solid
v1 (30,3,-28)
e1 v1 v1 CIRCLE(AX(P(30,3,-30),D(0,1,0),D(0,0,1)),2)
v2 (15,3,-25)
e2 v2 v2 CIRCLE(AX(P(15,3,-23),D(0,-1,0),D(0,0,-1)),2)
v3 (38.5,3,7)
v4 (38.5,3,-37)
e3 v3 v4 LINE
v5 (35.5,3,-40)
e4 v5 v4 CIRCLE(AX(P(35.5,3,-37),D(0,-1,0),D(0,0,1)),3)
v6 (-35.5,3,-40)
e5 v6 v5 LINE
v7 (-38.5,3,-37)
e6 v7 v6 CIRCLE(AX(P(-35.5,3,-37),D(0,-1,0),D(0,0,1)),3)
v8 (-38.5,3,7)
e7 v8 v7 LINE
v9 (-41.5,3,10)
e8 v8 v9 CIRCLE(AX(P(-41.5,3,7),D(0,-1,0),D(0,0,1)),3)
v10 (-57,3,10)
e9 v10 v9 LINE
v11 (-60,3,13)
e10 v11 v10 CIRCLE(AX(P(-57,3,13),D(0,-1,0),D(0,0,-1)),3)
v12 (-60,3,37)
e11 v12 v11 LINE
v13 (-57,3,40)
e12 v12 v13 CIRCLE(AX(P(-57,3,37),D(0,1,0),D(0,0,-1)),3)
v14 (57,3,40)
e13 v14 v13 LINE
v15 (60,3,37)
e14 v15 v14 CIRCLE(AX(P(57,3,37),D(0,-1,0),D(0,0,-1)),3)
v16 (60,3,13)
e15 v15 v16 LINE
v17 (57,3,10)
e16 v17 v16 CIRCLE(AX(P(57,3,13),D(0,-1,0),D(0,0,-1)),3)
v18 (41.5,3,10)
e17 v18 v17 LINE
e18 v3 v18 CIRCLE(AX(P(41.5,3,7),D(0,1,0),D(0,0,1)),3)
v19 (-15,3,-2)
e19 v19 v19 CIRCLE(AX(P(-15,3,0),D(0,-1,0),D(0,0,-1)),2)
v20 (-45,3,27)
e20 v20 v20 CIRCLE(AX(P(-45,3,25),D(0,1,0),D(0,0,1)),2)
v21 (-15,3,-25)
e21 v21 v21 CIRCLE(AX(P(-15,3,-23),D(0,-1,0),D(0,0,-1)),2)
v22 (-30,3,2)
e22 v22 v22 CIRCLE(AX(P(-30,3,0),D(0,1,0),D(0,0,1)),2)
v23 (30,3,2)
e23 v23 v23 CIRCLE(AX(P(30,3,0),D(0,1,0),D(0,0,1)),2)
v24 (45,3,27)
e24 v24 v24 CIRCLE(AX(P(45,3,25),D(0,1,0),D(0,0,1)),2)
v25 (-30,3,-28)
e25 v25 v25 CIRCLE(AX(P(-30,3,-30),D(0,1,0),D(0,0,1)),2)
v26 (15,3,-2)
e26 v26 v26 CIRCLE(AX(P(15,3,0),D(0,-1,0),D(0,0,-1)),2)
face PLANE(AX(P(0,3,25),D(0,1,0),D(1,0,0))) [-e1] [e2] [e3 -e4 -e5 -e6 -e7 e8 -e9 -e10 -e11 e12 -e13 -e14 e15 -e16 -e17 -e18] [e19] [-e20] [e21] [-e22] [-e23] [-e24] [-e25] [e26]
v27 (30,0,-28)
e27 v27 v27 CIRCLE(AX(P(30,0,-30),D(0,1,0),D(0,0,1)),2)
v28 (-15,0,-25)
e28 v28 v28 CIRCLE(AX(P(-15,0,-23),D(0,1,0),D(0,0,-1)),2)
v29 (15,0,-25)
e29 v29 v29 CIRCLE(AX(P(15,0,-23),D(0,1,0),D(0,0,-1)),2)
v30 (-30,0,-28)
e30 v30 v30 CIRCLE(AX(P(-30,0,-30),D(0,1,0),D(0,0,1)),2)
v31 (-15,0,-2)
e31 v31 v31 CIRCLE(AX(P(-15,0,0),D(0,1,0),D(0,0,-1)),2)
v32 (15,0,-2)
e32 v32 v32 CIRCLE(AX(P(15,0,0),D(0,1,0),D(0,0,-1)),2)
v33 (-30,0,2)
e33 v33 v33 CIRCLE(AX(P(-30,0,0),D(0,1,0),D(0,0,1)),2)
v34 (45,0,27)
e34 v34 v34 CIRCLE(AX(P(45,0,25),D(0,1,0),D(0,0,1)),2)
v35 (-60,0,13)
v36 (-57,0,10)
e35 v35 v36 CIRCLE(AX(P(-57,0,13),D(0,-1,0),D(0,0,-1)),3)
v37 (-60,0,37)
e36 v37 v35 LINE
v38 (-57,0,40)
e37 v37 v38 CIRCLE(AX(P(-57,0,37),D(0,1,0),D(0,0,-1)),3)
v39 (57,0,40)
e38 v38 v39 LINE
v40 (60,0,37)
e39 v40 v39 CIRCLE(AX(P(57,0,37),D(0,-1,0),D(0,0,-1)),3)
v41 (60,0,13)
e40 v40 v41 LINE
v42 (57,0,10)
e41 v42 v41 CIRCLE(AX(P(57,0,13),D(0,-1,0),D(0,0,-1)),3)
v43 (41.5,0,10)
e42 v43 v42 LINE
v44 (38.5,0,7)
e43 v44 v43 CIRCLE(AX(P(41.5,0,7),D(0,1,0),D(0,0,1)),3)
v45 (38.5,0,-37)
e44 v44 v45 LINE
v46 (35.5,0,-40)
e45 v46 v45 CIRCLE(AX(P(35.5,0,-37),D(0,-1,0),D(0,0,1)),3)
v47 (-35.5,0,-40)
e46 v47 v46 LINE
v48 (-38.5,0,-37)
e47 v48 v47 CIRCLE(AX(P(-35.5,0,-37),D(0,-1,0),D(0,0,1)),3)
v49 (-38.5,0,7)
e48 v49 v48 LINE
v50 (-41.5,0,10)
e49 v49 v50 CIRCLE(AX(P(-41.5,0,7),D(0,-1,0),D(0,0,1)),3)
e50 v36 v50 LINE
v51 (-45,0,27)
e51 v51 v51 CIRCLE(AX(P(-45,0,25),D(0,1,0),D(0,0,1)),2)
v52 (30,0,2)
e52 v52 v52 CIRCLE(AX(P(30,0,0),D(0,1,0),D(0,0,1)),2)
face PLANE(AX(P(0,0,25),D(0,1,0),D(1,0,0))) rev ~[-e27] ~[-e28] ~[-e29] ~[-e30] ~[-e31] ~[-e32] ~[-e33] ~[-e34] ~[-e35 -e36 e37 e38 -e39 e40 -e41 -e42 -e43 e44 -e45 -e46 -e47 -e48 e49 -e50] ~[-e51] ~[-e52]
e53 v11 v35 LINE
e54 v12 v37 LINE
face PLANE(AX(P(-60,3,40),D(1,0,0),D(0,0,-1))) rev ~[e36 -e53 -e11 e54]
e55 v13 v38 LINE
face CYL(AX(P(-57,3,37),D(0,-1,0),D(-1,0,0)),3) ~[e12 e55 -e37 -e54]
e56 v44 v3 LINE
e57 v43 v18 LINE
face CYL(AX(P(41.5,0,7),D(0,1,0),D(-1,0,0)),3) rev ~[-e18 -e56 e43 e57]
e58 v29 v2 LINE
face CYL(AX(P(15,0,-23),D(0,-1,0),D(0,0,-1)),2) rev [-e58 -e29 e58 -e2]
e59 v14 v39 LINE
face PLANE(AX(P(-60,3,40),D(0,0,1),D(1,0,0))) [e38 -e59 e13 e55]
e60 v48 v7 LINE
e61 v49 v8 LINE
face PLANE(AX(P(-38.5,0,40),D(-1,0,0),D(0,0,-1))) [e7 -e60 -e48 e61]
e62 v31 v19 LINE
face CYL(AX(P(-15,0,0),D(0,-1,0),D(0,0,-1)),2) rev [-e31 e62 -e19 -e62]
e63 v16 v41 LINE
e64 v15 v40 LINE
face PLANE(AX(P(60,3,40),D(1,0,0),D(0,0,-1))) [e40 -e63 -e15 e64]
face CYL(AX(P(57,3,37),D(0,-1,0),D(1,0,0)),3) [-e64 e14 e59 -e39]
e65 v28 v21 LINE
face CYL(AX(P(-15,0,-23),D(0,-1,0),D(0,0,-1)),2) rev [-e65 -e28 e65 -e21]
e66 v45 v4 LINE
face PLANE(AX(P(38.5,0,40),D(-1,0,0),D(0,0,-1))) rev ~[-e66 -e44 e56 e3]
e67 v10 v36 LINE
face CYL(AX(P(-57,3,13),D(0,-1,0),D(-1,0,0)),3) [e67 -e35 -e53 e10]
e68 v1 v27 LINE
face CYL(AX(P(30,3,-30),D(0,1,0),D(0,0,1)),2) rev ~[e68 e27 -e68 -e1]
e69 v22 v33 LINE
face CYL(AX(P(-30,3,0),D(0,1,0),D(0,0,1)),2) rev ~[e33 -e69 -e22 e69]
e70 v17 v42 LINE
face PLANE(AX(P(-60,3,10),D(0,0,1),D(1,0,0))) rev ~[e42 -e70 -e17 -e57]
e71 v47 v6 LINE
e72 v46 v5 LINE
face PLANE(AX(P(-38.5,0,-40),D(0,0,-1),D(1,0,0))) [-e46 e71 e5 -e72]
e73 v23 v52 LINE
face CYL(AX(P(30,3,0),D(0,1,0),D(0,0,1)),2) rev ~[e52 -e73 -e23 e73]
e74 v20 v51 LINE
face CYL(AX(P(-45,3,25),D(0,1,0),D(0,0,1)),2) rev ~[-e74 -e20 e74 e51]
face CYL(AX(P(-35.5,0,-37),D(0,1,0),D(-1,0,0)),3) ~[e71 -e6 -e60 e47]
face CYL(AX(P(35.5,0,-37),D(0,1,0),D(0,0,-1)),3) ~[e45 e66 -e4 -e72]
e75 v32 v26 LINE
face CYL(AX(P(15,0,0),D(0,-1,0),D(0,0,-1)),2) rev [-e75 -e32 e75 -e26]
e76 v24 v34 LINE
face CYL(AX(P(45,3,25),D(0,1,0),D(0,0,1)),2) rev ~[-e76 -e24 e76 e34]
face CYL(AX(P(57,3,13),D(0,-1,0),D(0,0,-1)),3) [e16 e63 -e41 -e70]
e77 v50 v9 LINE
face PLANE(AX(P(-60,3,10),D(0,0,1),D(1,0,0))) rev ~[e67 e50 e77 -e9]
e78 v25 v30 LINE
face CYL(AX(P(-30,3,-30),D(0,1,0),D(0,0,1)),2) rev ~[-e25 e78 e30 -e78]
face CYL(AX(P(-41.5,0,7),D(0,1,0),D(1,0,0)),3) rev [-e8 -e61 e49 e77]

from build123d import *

# Parameters (mm, degrees)
SZKIC1_W                    = 77
SZKIC1_H                    = 80
DODANIE_WYCI_GNI_CIE1_DEPTH = 3
WYTNIJ_WYCI_GNI_CIE1_REACH  = 57.599
SZKIC2_R                    = 2.5
SZKIC2_R_2                  = 2
ZAOKR_GLENIE1_R             = 3
ZAOKR_GLENIE2_R             = 3
WYTNIJ_WYCI_GNI_CIE3_REACH  = 57.599
SZKIC3_R                    = 2
SZKIC5_W                    = 120
SZKIC5_H                    = 30
DODANIE_WYCI_GNI_CIE2_DEPTH = 3
ZAOKR_GLENIE4_R             = 3
WYTNIJ_WYCI_GNI_CIE4_REACH  = 74.173
SZKIC6_R                    = 2


with BuildPart() as part:
    # Szkic1 → Dodanie-wyciągnięcie1 (new body)
    with BuildSketch(Plane(origin=(0, 0, 0), x_dir=(1, 0, 0), z_dir=(0, 1, 0))):
        Rectangle(SZKIC1_W, SZKIC1_H)
    extrude(amount=DODANIE_WYCI_GNI_CIE1_DEPTH)

    # Szkic2 → Wytnij-wyciągnięcie1 (cut, up to next)
    with BuildSketch(Plane(origin=(0, 3, 0), x_dir=(1, 0, 0), z_dir=(0, 1, 0)), mode=Mode.PRIVATE) as wytnij_wyci_gni_cie1_sk1:
        with Locations(Location((-23.5, -25, 0), (0, 0, 270))):
            Circle(SZKIC2_R)
    wytnij_wyci_gni_cie1_tool1 = extrude(wytnij_wyci_gni_cie1_sk1.sketch, amount=-WYTNIJ_WYCI_GNI_CIE1_REACH, mode=Mode.PRIVATE) & part.part
    # Szkic2 → Wytnij-wyciągnięcie1 (cut, up to next)
    with BuildSketch(Plane(origin=(0, 3, 0), x_dir=(1, 0, 0), z_dir=(0, 1, 0)), mode=Mode.PRIVATE) as wytnij_wyci_gni_cie1_sk2:
        with Locations(Location((23.5, -25, 0), (0, 0, 270))):
            Circle(SZKIC2_R)
    wytnij_wyci_gni_cie1_tool2 = extrude(wytnij_wyci_gni_cie1_sk2.sketch, amount=-WYTNIJ_WYCI_GNI_CIE1_REACH, mode=Mode.PRIVATE) & part.part
    # Szkic2 → Wytnij-wyciągnięcie1 (cut, up to next)
    with BuildSketch(Plane(origin=(0, 3, 0), x_dir=(1, 0, 0), z_dir=(0, 1, 0)), mode=Mode.PRIVATE) as wytnij_wyci_gni_cie1_sk3:
        with Locations(Location((-30, 30, 0), (0, 0, 270))):
            Circle(SZKIC2_R_2)
    wytnij_wyci_gni_cie1_tool3 = extrude(wytnij_wyci_gni_cie1_sk3.sketch, amount=-WYTNIJ_WYCI_GNI_CIE1_REACH, mode=Mode.PRIVATE) & part.part
    # Szkic2 → Wytnij-wyciągnięcie1 (cut, up to next)
    with BuildSketch(Plane(origin=(0, 3, 0), x_dir=(1, 0, 0), z_dir=(0, 1, 0)), mode=Mode.PRIVATE) as wytnij_wyci_gni_cie1_sk4:
        with Locations(Location((-30, 0, 0), (0, 0, 270))):
            Circle(SZKIC2_R_2)
    wytnij_wyci_gni_cie1_tool4 = extrude(wytnij_wyci_gni_cie1_sk4.sketch, amount=-WYTNIJ_WYCI_GNI_CIE1_REACH, mode=Mode.PRIVATE) & part.part
    # Szkic2 → Wytnij-wyciągnięcie1 (cut, up to next)
    with BuildSketch(Plane(origin=(0, 3, 0), x_dir=(1, 0, 0), z_dir=(0, 1, 0)), mode=Mode.PRIVATE) as wytnij_wyci_gni_cie1_sk5:
        with Locations(Location((30, 0, 0), (0, 0, 270))):
            Circle(SZKIC2_R_2)
    wytnij_wyci_gni_cie1_tool5 = extrude(wytnij_wyci_gni_cie1_sk5.sketch, amount=-WYTNIJ_WYCI_GNI_CIE1_REACH, mode=Mode.PRIVATE) & part.part
    # Szkic2 → Wytnij-wyciągnięcie1 (cut, up to next)
    with BuildSketch(Plane(origin=(0, 3, 0), x_dir=(1, 0, 0), z_dir=(0, 1, 0)), mode=Mode.PRIVATE) as wytnij_wyci_gni_cie1_sk6:
        with Locations(Location((30, 30, 0), (0, 0, 270))):
            Circle(SZKIC2_R_2)
    wytnij_wyci_gni_cie1_tool6 = extrude(wytnij_wyci_gni_cie1_sk6.sketch, amount=-WYTNIJ_WYCI_GNI_CIE1_REACH, mode=Mode.PRIVATE) & part.part
    add(wytnij_wyci_gni_cie1_tool1.solids().sort_by_distance((-23.5, 3, 25))[0], mode=Mode.SUBTRACT)
    add(wytnij_wyci_gni_cie1_tool2.solids().sort_by_distance((23.5, 3, 25))[0], mode=Mode.SUBTRACT)
    add(wytnij_wyci_gni_cie1_tool3.solids().sort_by_distance((-30, 3, -30))[0], mode=Mode.SUBTRACT)
    add(wytnij_wyci_gni_cie1_tool4.solids().sort_by_distance((-30, 3, 0))[0], mode=Mode.SUBTRACT)
    add(wytnij_wyci_gni_cie1_tool5.solids().sort_by_distance((30, 3, 0))[0], mode=Mode.SUBTRACT)
    add(wytnij_wyci_gni_cie1_tool6.solids().sort_by_distance((30, 3, -30))[0], mode=Mode.SUBTRACT)

    # Zaokrąglenie1
    zaokr_glenie1_edges = [part.edges().sort_by_distance(p)[0] for p in [
        (-38.5, 1.5, -40),
    ]]
    fillet(zaokr_glenie1_edges, radius=ZAOKR_GLENIE1_R)

    # Zaokrąglenie2
    zaokr_glenie2_edges = [part.edges().sort_by_distance(p)[0] for p in [
        (38.5, 1.5, 40),
        (-38.5, 1.5, 40),
        (38.5, 1.5, -40),
    ]]
    fillet(zaokr_glenie2_edges, radius=ZAOKR_GLENIE2_R)

    # Szkic3 → Wytnij-wyciągnięcie3 (cut, up to next)
    with BuildSketch(Plane(origin=(0, 0, 0), x_dir=(1, 0, 0), z_dir=(0, 1, 0)), mode=Mode.PRIVATE) as wytnij_wyci_gni_cie3_sk1:
        with Locations(Location((-15, 23, 0), (0, 0, 90))):
            Circle(SZKIC3_R)
    wytnij_wyci_gni_cie3_tool1 = extrude(wytnij_wyci_gni_cie3_sk1.sketch, amount=WYTNIJ_WYCI_GNI_CIE3_REACH, mode=Mode.PRIVATE) & part.part
    # Szkic3 → Wytnij-wyciągnięcie3 (cut, up to next)
    with BuildSketch(Plane(origin=(0, 0, 0), x_dir=(1, 0, 0), z_dir=(0, 1, 0)), mode=Mode.PRIVATE) as wytnij_wyci_gni_cie3_sk2:
        with Locations(Location((15, 23, 0), (0, 0, 90))):
            Circle(SZKIC3_R)
    wytnij_wyci_gni_cie3_tool2 = extrude(wytnij_wyci_gni_cie3_sk2.sketch, amount=WYTNIJ_WYCI_GNI_CIE3_REACH, mode=Mode.PRIVATE) & part.part
    # Szkic3 → Wytnij-wyciągnięcie3 (cut, up to next)
    with BuildSketch(Plane(origin=(0, 0, 0), x_dir=(1, 0, 0), z_dir=(0, 1, 0)), mode=Mode.PRIVATE) as wytnij_wyci_gni_cie3_sk3:
        with Locations(Location((-15, 0, 0), (0, 0, 90))):
            Circle(SZKIC3_R)
    wytnij_wyci_gni_cie3_tool3 = extrude(wytnij_wyci_gni_cie3_sk3.sketch, amount=WYTNIJ_WYCI_GNI_CIE3_REACH, mode=Mode.PRIVATE) & part.part
    # Szkic3 → Wytnij-wyciągnięcie3 (cut, up to next)
    with BuildSketch(Plane(origin=(0, 0, 0), x_dir=(1, 0, 0), z_dir=(0, 1, 0)), mode=Mode.PRIVATE) as wytnij_wyci_gni_cie3_sk4:
        with Locations(Location((15, 0, 0), (0, 0, 90))):
            Circle(SZKIC3_R)
    wytnij_wyci_gni_cie3_tool4 = extrude(wytnij_wyci_gni_cie3_sk4.sketch, amount=WYTNIJ_WYCI_GNI_CIE3_REACH, mode=Mode.PRIVATE) & part.part
    add(wytnij_wyci_gni_cie3_tool1.solids().sort_by_distance((-15, 0, -23))[0], mode=Mode.SUBTRACT)
    add(wytnij_wyci_gni_cie3_tool2.solids().sort_by_distance((15, 0, -23))[0], mode=Mode.SUBTRACT)
    add(wytnij_wyci_gni_cie3_tool3.solids().sort_by_distance((-15, 0, 0))[0], mode=Mode.SUBTRACT)
    add(wytnij_wyci_gni_cie3_tool4.solids().sort_by_distance((15, 0, 0))[0], mode=Mode.SUBTRACT)

    # Szkic5 → Dodanie-wyciągnięcie2 (add)
    with BuildSketch(Plane(origin=(0, 3, 0), x_dir=(1, 0, 0), z_dir=(0, 1, 0))):
        with Locations((0, -25)):
            Rectangle(SZKIC5_W, SZKIC5_H)
    extrude(amount=-DODANIE_WYCI_GNI_CIE2_DEPTH)

    # Zaokrąglenie4
    zaokr_glenie4_edges = [part.edges().sort_by_distance(p)[0] for p in [
        (-60, 1.5, 10),
        (60, 1.5, 40),
        (-60, 1.5, 40),
        (38.5, 1.5, 10),
        (-38.5, 1.5, 10),
        (60, 1.5, 10),
    ]]
    fillet(zaokr_glenie4_edges, radius=ZAOKR_GLENIE4_R)

    # Szkic6 → Wytnij-wyciągnięcie4 (cut, up to next)
    with BuildSketch(Plane(origin=(0, 3, 0), x_dir=(1, 0, 0), z_dir=(0, 1, 0)), mode=Mode.PRIVATE) as wytnij_wyci_gni_cie4_sk1:
        with Locations(Location((-45, -25, 0), (0, 0, 270))):
            Circle(SZKIC6_R)
    wytnij_wyci_gni_cie4_tool1 = extrude(wytnij_wyci_gni_cie4_sk1.sketch, amount=-WYTNIJ_WYCI_GNI_CIE4_REACH, mode=Mode.PRIVATE) & part.part
    # Szkic6 → Wytnij-wyciągnięcie4 (cut, up to next)
    with BuildSketch(Plane(origin=(0, 3, 0), x_dir=(1, 0, 0), z_dir=(0, 1, 0)), mode=Mode.PRIVATE) as wytnij_wyci_gni_cie4_sk2:
        with Locations(Location((45, -25, 0), (0, 0, 270))):
            Circle(SZKIC6_R)
    wytnij_wyci_gni_cie4_tool2 = extrude(wytnij_wyci_gni_cie4_sk2.sketch, amount=-WYTNIJ_WYCI_GNI_CIE4_REACH, mode=Mode.PRIVATE) & part.part
    add(wytnij_wyci_gni_cie4_tool1.solids().sort_by_distance((-45, 3, 25))[0], mode=Mode.SUBTRACT)
    add(wytnij_wyci_gni_cie4_tool2.solids().sort_by_distance((45, 3, 25))[0], mode=Mode.SUBTRACT)


solid = part.part
